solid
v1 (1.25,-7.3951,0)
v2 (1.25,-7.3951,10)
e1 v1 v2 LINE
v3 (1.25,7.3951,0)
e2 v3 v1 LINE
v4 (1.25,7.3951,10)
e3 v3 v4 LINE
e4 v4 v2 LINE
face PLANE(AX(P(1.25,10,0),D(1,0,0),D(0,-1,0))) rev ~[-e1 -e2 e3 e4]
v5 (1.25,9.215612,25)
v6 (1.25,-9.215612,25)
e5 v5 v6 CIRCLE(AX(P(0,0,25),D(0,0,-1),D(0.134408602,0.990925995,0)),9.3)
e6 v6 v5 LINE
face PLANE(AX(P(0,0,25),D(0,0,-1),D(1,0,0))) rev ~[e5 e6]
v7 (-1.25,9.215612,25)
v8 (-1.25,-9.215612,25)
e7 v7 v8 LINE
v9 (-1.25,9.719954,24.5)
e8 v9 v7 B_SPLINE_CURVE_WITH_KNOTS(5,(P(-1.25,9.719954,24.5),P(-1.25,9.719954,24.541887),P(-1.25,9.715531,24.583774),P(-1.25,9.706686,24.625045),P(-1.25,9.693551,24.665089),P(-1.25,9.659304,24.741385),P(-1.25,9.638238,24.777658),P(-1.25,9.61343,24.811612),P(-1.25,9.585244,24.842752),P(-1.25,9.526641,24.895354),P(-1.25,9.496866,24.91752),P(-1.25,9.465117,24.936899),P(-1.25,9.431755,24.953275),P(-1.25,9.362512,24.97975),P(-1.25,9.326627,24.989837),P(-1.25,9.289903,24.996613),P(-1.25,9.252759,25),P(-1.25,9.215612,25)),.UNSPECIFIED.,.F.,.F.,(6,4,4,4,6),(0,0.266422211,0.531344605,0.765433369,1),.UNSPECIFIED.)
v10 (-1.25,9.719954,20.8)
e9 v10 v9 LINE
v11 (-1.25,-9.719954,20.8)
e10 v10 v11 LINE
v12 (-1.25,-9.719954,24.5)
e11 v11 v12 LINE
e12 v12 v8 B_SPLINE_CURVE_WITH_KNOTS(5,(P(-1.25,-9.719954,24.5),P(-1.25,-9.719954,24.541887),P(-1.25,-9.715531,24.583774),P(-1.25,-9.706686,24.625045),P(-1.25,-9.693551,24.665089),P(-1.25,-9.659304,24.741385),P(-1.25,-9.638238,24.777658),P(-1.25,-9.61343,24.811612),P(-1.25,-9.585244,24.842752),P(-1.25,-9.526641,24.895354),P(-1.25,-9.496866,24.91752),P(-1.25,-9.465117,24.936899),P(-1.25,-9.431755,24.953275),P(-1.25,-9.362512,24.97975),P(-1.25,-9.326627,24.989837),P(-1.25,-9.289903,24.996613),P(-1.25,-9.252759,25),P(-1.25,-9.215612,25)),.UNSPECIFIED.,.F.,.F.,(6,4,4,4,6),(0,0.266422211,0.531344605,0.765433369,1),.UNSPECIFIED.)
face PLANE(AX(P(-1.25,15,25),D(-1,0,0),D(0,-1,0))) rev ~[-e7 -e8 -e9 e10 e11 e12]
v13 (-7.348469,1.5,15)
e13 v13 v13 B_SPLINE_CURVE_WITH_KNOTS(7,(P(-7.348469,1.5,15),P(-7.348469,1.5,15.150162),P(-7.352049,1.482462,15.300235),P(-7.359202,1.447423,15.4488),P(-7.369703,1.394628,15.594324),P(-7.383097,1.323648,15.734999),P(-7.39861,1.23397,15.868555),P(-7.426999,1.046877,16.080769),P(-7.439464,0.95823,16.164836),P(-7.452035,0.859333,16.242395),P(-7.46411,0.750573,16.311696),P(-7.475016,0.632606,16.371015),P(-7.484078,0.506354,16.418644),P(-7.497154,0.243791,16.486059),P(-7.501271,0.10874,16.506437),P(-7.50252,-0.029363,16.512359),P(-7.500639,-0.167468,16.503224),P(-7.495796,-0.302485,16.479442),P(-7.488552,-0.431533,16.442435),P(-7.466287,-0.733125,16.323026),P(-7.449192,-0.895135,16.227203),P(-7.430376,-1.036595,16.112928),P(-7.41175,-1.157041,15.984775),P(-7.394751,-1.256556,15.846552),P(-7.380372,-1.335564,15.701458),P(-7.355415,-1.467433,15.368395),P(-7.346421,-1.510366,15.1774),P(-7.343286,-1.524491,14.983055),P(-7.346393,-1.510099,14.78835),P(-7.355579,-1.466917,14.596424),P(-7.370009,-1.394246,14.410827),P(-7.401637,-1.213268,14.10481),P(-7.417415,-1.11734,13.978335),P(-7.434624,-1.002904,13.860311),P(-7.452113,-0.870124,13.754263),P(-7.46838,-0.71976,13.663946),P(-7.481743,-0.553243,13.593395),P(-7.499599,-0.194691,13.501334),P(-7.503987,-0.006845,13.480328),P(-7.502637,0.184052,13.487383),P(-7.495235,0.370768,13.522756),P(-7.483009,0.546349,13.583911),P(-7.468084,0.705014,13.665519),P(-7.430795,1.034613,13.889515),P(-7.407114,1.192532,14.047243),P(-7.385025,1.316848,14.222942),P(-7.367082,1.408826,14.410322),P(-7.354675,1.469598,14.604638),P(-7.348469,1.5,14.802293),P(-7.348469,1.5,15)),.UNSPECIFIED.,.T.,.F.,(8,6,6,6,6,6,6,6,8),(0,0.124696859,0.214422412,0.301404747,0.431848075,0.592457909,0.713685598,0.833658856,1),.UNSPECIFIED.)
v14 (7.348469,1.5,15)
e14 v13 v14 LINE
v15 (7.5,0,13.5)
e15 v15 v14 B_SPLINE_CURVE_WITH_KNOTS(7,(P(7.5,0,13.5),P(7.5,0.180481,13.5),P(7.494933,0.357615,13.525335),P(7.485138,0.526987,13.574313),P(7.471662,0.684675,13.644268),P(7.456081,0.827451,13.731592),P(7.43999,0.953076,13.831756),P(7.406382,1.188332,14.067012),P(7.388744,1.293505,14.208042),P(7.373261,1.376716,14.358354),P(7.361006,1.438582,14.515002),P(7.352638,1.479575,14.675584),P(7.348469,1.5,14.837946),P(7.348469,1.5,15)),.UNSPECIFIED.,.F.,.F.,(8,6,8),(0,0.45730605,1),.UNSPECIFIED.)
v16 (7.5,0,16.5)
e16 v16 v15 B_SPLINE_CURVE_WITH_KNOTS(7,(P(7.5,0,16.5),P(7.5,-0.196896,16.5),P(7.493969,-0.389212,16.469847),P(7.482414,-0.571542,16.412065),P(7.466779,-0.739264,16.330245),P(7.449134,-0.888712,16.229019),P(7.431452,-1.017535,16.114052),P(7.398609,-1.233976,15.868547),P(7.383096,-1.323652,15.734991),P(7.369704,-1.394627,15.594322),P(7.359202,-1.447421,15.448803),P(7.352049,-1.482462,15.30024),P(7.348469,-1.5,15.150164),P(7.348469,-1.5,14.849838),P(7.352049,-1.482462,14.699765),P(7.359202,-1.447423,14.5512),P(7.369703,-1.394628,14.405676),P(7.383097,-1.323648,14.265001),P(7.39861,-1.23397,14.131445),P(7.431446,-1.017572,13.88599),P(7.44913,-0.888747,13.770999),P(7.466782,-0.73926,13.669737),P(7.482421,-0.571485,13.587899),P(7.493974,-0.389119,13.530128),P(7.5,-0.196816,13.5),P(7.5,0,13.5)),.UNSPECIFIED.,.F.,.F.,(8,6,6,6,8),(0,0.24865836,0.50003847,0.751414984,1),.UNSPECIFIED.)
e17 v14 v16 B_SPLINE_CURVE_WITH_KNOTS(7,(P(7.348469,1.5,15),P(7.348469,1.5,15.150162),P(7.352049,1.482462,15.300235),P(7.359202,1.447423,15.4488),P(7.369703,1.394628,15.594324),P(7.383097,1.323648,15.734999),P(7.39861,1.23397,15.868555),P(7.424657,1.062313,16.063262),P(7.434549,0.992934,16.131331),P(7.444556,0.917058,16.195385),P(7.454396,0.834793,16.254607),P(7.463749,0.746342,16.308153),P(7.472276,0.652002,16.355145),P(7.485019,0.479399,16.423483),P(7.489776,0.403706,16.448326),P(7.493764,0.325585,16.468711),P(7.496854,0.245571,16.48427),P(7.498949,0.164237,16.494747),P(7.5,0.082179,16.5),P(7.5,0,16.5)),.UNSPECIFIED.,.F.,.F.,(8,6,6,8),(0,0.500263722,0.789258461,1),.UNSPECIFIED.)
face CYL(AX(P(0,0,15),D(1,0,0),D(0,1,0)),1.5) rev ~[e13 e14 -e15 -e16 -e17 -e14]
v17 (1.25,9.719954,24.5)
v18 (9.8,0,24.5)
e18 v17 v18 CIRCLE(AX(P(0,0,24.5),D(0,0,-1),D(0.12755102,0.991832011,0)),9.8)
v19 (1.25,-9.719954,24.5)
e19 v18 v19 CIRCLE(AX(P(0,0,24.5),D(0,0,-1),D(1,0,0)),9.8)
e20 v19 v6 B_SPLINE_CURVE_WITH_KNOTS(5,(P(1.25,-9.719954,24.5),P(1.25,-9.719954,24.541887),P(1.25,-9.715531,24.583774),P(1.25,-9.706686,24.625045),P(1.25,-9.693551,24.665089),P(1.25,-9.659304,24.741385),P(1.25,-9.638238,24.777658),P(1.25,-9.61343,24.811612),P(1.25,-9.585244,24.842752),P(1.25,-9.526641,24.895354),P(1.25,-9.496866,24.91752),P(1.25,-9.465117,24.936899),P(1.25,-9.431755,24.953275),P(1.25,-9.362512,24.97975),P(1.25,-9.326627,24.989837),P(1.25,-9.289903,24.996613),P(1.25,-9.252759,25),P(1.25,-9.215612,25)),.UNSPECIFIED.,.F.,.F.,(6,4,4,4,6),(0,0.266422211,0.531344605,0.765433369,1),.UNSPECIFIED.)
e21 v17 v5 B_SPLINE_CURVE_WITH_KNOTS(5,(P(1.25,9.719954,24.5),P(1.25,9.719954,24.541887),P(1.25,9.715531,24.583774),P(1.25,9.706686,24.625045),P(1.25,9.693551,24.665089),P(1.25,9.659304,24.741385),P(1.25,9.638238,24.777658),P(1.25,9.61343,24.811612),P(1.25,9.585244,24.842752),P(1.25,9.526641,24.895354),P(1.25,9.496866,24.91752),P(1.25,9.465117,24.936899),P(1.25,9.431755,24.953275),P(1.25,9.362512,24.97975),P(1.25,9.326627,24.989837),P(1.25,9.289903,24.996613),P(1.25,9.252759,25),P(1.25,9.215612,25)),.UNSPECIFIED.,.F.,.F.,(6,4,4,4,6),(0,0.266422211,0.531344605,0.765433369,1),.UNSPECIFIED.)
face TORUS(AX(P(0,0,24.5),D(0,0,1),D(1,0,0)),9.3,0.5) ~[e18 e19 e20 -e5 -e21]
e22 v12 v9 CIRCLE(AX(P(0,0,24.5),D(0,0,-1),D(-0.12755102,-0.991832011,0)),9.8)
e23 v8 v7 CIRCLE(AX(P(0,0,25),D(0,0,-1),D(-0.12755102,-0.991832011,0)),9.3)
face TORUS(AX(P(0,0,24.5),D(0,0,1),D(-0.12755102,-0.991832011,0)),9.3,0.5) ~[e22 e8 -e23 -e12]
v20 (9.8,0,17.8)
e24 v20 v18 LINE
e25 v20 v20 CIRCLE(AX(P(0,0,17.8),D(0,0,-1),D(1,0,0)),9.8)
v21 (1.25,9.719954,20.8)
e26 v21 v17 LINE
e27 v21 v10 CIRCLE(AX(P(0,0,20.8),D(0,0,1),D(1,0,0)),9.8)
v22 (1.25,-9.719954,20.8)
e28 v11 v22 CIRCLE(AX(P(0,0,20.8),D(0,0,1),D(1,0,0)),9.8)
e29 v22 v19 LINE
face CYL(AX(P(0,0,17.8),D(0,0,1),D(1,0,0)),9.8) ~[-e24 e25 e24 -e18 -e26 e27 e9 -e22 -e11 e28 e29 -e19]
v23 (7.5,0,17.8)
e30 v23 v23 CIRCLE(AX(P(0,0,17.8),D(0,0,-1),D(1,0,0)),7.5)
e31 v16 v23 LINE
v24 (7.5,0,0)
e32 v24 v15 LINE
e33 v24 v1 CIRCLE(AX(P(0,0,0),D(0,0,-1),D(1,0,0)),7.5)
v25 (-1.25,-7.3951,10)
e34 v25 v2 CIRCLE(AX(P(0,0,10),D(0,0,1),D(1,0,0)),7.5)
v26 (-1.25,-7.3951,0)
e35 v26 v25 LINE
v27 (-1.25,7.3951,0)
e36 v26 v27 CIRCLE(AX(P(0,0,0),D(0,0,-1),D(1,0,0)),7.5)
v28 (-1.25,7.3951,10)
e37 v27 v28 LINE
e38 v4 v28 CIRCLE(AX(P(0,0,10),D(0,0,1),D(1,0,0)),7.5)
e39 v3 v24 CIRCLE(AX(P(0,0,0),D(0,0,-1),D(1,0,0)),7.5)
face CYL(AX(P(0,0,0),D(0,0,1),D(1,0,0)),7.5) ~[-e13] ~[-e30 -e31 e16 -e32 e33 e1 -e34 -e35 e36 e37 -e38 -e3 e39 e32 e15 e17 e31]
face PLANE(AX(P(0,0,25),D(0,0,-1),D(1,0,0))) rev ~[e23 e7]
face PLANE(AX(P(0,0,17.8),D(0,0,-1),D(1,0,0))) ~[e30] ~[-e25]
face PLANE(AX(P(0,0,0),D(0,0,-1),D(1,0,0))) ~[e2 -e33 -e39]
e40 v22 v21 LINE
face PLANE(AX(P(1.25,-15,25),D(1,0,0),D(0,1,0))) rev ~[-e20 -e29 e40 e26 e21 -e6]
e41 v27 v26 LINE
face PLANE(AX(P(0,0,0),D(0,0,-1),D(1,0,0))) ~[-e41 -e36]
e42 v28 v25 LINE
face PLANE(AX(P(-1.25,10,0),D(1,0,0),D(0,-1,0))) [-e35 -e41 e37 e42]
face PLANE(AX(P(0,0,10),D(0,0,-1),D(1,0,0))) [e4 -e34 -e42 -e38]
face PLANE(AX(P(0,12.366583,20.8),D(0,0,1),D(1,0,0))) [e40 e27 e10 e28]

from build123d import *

# Parameters (mm, degrees)
F3_DEPTH = 4.2
F4_R     = 0.5
F5_W     = 2.5
F5_H     = 20
F6_DEPTH = 10
F7_R     = 1.5
F8_DEPTH = 12.5


with BuildPart() as f1:
    # F0 (on Front) → F1 (revolve)
    with BuildSketch(Plane.XZ):
        Polygon((0, 25), (0, 0), (7.5, 0), (7.5, 17.8), (9.8, 17.8), (9.8, 25), align=None)
    revolve(axis=Axis((0, 0, 12.5), (0, 0, -1)))

    # F2 (on face) → F3 (cut)
    with BuildSketch(Plane.XY.offset(25)):
        with BuildLine():
            Line((1.25, 15), (-1.25, 15))
            Line((-1.25, 15), (-1.25, 9.7199537036))
            ThreePointArc((-1.25, 9.7199537036), (0, 9.8), (1.25, 9.7199537036))
            Line((1.25, 9.7199537036), (1.25, 15))
        make_face()
        with BuildLine():
            ThreePointArc((1.25, 9.7199537036), (0, 9.8), (-1.25, 9.7199537036))
            Line((-1.25, 9.7199537036), (-1.25, -9.7199537036))
            ThreePointArc((-1.25, -9.7199537036), (0, -9.8), (1.25, -9.7199537036))
            Line((1.25, -9.7199537036), (1.25, 9.7199537036))
        make_face()
        with BuildLine():
            ThreePointArc((1.25, -9.7199537036), (0, -9.8), (-1.25, -9.7199537036))
            Line((-1.25, -9.7199537036), (-1.25, -15))
            Line((-1.25, -15), (1.25, -15))
            Line((1.25, -15), (1.25, -9.7199537036))
        make_face()
    extrude(amount=-F3_DEPTH, mode=Mode.SUBTRACT)

    # F4
    f4_edges = [f1.edges().sort_by_distance(p)[0] for p in [
        (-9.8, 0, 25),
        (7.358329, -6.472635, 25),
        (7.358329, 6.472635, 25),
    ]]
    fillet(f4_edges, radius=F4_R)

    # F5 (on face) → F6 (cut)
    with BuildSketch(Plane(origin=(0, 0, 0), x_dir=(1, 0, 0), z_dir=(0, 0, -1))):
        Rectangle(F5_W, F5_H)
    extrude(amount=-F6_DEPTH, mode=Mode.SUBTRACT)

    # F7 (on Right) → F8 (cut, symmetric)
    with BuildSketch(Plane.YZ):
        with Locations((0, 15)):
            Circle(F7_R)
    extrude(amount=F8_DEPTH, both=True, mode=Mode.SUBTRACT)


solid = f1.part
